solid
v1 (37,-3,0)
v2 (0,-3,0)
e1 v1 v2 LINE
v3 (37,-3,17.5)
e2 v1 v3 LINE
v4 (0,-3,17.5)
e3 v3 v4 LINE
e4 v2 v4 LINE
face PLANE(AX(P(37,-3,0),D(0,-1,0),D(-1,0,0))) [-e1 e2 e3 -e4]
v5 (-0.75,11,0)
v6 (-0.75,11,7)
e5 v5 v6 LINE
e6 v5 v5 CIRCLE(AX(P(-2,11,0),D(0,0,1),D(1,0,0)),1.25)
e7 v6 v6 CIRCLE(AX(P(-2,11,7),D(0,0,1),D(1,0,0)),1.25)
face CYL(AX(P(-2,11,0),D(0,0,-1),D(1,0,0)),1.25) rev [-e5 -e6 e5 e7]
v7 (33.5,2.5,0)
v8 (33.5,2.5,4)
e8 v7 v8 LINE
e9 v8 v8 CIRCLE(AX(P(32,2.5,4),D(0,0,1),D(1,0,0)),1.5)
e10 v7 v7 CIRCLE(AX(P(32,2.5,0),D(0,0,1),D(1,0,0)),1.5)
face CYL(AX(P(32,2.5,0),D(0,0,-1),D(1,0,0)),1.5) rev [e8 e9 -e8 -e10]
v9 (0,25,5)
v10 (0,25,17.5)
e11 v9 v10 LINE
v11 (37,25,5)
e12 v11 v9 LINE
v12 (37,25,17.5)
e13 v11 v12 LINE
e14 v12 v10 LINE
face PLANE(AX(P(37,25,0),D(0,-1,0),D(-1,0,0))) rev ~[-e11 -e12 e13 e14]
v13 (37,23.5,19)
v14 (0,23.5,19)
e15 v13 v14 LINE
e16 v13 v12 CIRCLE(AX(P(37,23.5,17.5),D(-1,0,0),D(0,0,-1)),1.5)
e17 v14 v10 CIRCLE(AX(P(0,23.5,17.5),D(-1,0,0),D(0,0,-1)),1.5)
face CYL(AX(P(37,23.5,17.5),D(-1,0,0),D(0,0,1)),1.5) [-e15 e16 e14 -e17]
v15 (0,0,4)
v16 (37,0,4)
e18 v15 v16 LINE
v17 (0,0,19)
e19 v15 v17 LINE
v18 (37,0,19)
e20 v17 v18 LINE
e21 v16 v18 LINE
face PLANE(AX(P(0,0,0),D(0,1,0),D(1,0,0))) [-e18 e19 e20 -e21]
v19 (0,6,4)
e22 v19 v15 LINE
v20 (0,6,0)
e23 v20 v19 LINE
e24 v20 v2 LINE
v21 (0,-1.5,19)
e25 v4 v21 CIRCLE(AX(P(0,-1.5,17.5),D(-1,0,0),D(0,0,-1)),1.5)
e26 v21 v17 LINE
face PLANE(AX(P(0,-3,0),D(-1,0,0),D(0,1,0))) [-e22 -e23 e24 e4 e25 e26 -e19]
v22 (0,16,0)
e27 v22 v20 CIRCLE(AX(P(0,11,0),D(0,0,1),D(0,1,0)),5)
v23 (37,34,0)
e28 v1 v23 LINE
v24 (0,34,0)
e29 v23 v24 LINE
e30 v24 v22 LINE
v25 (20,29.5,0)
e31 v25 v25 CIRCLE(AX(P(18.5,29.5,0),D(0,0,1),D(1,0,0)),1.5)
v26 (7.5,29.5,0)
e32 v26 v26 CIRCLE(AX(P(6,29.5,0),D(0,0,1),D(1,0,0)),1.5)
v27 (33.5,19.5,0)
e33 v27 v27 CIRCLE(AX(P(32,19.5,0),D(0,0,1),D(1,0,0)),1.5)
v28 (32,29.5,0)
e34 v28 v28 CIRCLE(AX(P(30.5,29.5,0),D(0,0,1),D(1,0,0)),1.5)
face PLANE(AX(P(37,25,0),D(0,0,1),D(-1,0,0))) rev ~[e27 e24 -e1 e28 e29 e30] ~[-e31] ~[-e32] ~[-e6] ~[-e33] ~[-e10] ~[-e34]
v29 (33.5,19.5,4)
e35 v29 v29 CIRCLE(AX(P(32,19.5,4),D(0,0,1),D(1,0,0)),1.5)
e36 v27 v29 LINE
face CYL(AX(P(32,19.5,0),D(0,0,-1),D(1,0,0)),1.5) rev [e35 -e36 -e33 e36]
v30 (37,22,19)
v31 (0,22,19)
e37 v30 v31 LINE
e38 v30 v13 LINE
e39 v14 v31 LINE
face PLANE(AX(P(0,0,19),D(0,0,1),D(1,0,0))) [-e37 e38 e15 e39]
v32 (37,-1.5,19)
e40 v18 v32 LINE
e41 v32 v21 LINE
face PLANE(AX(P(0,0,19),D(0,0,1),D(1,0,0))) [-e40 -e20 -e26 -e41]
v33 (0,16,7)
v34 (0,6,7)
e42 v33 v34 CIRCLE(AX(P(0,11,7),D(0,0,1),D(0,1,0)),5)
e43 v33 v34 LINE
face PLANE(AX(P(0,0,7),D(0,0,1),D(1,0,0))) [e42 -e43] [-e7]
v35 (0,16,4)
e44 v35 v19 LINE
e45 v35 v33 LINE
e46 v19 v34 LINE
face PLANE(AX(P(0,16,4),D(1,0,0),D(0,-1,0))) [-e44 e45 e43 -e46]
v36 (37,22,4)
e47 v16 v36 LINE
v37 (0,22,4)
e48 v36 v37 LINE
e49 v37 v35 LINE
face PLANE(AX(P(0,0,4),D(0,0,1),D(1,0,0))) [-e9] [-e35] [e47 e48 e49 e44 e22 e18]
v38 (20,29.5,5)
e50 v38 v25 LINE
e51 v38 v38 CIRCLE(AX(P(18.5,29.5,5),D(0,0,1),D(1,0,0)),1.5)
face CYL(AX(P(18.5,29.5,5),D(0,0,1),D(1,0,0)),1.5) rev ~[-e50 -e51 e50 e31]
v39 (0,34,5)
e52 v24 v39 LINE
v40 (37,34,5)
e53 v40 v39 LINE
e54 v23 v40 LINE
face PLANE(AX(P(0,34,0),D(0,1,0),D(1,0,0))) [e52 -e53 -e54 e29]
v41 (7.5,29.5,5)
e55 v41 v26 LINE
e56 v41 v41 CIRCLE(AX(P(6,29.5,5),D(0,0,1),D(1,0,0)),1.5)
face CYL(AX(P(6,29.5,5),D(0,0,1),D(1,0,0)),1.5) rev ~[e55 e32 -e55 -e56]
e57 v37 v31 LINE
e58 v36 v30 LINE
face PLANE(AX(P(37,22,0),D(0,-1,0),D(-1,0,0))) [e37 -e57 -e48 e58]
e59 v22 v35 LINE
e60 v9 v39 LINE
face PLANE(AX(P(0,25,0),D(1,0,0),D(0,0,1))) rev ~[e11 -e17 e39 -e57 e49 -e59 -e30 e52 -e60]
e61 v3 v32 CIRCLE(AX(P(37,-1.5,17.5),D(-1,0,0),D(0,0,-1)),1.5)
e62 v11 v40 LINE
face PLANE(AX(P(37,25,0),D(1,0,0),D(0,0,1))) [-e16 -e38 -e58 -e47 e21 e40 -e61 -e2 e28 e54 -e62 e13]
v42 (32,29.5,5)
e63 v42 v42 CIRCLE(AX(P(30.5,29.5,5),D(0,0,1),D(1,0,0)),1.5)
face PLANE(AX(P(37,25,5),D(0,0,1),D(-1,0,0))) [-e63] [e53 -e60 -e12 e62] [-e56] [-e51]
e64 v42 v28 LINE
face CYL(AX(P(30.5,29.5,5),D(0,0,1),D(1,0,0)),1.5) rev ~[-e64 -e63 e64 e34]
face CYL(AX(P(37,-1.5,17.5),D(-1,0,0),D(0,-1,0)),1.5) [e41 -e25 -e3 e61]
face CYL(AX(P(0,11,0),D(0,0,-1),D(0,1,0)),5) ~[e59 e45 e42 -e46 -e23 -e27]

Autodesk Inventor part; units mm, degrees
ref_plane "YZ Plane" through (0, 0, 0) normal (1, 0, 0) x (0, 1, 0)
ref_plane "XZ Plane" through (0, 0, 0) normal (0, 1, 0) x (-1, 0, 0)
ref_plane "XY Plane" through (0, 0, 0) normal (0, 0, 1) x (1, 0, 0)
sketch "Szkic1" plane through (0, 0, 0) normal (0, 0, 1) x (1, 0, 0)
  line L0 (0, 0) -> (37, 0)
  line L1 (37, 0) -> (37, 22)
  line L2 (37, 22) -> (0, 22)
  line L3 (0, 11) -> (-5, 11) construction
  circle A0 centre (-2, 11) radius 1.25
  arc A1 (0, 16) -> (0, 6) centre (0, 11) ccw
  line L4 (37, 22) -> (32, 22) construction
  line L5 (37, 22) -> (37, 19.5) construction
  circle A2 centre (32, 19.5) radius 1.5
  line L6 (37, 0) -> (32, 0) construction
  line L7 (32, 0) -> (32, 2.5) construction
  circle A3 centre (32, 2.5) radius 1.5
  line L8 (0, 22) -> (37, 22)
  line L9 (37, 22) -> (37, 25)
  line L10 (37, 25) -> (0, 25)
  line L11 (0, 25) -> (0, 22)
  line L12 (0, 0) -> (37, 0)
  line L13 (37, 0) -> (37, -3)
  line L14 (37, -3) -> (0, -3)
  line L15 (0, -3) -> (0, 0)
  line L16 (0, 22) -> (0, 16)
  line L17 (0, 6) -> (0, 0)
  dimension "d0" = 37
  dimension "d1" = 22
  dimension "d2" = 5
  dimension "d3" = 2.5
  dimension "d7" = 3
  dimension "d10" = 3
  dimension "d11" = 37
  dimension "d12" = 3
  dimension "d13" = 37
  dimension "d14" = 3
extrude "Wyciągnięcie proste1" add sketch "Szkic1" along normal blind 4 contours L17 A1 L16 L2 L1 L0
sketch "Szkic2" plane through (0, 0, 4) normal (0, 0, 1) x (1, 0, 0)
  circle A0 centre (-2, 11) radius 1.25 projected
  arc A1 (0, 16) -> (0, 6) centre (0, 11) ccw projected
  line L0 (0, 6) -> (0, 0) projected
  line L1 (0, 16) -> (0, 6)
extrude "Wyciągnięcie proste2" add sketch "Szkic2" along normal blind 3
extrude "Wyciągnięcie proste3" add sketch "Szkic1" along normal blind 19 contours L0 L13 L14 L15
extrude "Wyciągnięcie proste4" add sketch "Szkic1" along normal blind 19 contours L2 L11 L10 L9
fillet "Zaokrąglenie2" radius 1.5 1 edges at (18.5, 25, 19)
fillet "Zaokrąglenie3" radius 1.5 1 edges at (18.5, -3, 19)
sketch "Szkic3" plane through (0, 25, 0) normal (0, 1, 0) x (1, 0, 0)
  line L0 (37, -17.5) -> (0, -17.5) projected
  line L1 (37, 0) -> (37, -17.5) projected
  line L2 (37, 0) -> (0, 0) projected
  line L3 (0, 0) -> (0, -17.5) projected
  line L4 (-5, 0) -> (0, 0) projected
  line L5 (0, 0) -> (37, 0)
  line L6 (37, 0) -> (37, -5)
  line L7 (37, -5) -> (0, -5)
  line L8 (0, -5) -> (0, 0)
  dimension "d26" = 37
  dimension "d27" = 5
extrude "Wyciągnięcie proste5" add sketch "Szkic3" along normal blind 9 contours L7 L3 L2 L1
sketch "Szkic4" plane through (0, 25, 5) normal (0, 0, 1) x (1, 0, 0)
  line L0 (0, 9) -> (0, 0)
  line L1 (0, 0) -> (0, 4.5)
  line L2 (37, 0) -> (37, 9) projected
  circle A0 centre (6, 4.5) radius 1.5
  circle A1 centre (18.5, 4.5) radius 1.5
  circle A2 centre (30.5, 4.5) radius 1.5
  point P0 (0, -25)
  dimension "d30" = 3
  dimension "d31" = 3
  dimension "d32" = 3
extrude "Wyciągnięcie proste6" cut sketch "Szkic4" against normal blind 9
properties part number "motor_grip_R"
